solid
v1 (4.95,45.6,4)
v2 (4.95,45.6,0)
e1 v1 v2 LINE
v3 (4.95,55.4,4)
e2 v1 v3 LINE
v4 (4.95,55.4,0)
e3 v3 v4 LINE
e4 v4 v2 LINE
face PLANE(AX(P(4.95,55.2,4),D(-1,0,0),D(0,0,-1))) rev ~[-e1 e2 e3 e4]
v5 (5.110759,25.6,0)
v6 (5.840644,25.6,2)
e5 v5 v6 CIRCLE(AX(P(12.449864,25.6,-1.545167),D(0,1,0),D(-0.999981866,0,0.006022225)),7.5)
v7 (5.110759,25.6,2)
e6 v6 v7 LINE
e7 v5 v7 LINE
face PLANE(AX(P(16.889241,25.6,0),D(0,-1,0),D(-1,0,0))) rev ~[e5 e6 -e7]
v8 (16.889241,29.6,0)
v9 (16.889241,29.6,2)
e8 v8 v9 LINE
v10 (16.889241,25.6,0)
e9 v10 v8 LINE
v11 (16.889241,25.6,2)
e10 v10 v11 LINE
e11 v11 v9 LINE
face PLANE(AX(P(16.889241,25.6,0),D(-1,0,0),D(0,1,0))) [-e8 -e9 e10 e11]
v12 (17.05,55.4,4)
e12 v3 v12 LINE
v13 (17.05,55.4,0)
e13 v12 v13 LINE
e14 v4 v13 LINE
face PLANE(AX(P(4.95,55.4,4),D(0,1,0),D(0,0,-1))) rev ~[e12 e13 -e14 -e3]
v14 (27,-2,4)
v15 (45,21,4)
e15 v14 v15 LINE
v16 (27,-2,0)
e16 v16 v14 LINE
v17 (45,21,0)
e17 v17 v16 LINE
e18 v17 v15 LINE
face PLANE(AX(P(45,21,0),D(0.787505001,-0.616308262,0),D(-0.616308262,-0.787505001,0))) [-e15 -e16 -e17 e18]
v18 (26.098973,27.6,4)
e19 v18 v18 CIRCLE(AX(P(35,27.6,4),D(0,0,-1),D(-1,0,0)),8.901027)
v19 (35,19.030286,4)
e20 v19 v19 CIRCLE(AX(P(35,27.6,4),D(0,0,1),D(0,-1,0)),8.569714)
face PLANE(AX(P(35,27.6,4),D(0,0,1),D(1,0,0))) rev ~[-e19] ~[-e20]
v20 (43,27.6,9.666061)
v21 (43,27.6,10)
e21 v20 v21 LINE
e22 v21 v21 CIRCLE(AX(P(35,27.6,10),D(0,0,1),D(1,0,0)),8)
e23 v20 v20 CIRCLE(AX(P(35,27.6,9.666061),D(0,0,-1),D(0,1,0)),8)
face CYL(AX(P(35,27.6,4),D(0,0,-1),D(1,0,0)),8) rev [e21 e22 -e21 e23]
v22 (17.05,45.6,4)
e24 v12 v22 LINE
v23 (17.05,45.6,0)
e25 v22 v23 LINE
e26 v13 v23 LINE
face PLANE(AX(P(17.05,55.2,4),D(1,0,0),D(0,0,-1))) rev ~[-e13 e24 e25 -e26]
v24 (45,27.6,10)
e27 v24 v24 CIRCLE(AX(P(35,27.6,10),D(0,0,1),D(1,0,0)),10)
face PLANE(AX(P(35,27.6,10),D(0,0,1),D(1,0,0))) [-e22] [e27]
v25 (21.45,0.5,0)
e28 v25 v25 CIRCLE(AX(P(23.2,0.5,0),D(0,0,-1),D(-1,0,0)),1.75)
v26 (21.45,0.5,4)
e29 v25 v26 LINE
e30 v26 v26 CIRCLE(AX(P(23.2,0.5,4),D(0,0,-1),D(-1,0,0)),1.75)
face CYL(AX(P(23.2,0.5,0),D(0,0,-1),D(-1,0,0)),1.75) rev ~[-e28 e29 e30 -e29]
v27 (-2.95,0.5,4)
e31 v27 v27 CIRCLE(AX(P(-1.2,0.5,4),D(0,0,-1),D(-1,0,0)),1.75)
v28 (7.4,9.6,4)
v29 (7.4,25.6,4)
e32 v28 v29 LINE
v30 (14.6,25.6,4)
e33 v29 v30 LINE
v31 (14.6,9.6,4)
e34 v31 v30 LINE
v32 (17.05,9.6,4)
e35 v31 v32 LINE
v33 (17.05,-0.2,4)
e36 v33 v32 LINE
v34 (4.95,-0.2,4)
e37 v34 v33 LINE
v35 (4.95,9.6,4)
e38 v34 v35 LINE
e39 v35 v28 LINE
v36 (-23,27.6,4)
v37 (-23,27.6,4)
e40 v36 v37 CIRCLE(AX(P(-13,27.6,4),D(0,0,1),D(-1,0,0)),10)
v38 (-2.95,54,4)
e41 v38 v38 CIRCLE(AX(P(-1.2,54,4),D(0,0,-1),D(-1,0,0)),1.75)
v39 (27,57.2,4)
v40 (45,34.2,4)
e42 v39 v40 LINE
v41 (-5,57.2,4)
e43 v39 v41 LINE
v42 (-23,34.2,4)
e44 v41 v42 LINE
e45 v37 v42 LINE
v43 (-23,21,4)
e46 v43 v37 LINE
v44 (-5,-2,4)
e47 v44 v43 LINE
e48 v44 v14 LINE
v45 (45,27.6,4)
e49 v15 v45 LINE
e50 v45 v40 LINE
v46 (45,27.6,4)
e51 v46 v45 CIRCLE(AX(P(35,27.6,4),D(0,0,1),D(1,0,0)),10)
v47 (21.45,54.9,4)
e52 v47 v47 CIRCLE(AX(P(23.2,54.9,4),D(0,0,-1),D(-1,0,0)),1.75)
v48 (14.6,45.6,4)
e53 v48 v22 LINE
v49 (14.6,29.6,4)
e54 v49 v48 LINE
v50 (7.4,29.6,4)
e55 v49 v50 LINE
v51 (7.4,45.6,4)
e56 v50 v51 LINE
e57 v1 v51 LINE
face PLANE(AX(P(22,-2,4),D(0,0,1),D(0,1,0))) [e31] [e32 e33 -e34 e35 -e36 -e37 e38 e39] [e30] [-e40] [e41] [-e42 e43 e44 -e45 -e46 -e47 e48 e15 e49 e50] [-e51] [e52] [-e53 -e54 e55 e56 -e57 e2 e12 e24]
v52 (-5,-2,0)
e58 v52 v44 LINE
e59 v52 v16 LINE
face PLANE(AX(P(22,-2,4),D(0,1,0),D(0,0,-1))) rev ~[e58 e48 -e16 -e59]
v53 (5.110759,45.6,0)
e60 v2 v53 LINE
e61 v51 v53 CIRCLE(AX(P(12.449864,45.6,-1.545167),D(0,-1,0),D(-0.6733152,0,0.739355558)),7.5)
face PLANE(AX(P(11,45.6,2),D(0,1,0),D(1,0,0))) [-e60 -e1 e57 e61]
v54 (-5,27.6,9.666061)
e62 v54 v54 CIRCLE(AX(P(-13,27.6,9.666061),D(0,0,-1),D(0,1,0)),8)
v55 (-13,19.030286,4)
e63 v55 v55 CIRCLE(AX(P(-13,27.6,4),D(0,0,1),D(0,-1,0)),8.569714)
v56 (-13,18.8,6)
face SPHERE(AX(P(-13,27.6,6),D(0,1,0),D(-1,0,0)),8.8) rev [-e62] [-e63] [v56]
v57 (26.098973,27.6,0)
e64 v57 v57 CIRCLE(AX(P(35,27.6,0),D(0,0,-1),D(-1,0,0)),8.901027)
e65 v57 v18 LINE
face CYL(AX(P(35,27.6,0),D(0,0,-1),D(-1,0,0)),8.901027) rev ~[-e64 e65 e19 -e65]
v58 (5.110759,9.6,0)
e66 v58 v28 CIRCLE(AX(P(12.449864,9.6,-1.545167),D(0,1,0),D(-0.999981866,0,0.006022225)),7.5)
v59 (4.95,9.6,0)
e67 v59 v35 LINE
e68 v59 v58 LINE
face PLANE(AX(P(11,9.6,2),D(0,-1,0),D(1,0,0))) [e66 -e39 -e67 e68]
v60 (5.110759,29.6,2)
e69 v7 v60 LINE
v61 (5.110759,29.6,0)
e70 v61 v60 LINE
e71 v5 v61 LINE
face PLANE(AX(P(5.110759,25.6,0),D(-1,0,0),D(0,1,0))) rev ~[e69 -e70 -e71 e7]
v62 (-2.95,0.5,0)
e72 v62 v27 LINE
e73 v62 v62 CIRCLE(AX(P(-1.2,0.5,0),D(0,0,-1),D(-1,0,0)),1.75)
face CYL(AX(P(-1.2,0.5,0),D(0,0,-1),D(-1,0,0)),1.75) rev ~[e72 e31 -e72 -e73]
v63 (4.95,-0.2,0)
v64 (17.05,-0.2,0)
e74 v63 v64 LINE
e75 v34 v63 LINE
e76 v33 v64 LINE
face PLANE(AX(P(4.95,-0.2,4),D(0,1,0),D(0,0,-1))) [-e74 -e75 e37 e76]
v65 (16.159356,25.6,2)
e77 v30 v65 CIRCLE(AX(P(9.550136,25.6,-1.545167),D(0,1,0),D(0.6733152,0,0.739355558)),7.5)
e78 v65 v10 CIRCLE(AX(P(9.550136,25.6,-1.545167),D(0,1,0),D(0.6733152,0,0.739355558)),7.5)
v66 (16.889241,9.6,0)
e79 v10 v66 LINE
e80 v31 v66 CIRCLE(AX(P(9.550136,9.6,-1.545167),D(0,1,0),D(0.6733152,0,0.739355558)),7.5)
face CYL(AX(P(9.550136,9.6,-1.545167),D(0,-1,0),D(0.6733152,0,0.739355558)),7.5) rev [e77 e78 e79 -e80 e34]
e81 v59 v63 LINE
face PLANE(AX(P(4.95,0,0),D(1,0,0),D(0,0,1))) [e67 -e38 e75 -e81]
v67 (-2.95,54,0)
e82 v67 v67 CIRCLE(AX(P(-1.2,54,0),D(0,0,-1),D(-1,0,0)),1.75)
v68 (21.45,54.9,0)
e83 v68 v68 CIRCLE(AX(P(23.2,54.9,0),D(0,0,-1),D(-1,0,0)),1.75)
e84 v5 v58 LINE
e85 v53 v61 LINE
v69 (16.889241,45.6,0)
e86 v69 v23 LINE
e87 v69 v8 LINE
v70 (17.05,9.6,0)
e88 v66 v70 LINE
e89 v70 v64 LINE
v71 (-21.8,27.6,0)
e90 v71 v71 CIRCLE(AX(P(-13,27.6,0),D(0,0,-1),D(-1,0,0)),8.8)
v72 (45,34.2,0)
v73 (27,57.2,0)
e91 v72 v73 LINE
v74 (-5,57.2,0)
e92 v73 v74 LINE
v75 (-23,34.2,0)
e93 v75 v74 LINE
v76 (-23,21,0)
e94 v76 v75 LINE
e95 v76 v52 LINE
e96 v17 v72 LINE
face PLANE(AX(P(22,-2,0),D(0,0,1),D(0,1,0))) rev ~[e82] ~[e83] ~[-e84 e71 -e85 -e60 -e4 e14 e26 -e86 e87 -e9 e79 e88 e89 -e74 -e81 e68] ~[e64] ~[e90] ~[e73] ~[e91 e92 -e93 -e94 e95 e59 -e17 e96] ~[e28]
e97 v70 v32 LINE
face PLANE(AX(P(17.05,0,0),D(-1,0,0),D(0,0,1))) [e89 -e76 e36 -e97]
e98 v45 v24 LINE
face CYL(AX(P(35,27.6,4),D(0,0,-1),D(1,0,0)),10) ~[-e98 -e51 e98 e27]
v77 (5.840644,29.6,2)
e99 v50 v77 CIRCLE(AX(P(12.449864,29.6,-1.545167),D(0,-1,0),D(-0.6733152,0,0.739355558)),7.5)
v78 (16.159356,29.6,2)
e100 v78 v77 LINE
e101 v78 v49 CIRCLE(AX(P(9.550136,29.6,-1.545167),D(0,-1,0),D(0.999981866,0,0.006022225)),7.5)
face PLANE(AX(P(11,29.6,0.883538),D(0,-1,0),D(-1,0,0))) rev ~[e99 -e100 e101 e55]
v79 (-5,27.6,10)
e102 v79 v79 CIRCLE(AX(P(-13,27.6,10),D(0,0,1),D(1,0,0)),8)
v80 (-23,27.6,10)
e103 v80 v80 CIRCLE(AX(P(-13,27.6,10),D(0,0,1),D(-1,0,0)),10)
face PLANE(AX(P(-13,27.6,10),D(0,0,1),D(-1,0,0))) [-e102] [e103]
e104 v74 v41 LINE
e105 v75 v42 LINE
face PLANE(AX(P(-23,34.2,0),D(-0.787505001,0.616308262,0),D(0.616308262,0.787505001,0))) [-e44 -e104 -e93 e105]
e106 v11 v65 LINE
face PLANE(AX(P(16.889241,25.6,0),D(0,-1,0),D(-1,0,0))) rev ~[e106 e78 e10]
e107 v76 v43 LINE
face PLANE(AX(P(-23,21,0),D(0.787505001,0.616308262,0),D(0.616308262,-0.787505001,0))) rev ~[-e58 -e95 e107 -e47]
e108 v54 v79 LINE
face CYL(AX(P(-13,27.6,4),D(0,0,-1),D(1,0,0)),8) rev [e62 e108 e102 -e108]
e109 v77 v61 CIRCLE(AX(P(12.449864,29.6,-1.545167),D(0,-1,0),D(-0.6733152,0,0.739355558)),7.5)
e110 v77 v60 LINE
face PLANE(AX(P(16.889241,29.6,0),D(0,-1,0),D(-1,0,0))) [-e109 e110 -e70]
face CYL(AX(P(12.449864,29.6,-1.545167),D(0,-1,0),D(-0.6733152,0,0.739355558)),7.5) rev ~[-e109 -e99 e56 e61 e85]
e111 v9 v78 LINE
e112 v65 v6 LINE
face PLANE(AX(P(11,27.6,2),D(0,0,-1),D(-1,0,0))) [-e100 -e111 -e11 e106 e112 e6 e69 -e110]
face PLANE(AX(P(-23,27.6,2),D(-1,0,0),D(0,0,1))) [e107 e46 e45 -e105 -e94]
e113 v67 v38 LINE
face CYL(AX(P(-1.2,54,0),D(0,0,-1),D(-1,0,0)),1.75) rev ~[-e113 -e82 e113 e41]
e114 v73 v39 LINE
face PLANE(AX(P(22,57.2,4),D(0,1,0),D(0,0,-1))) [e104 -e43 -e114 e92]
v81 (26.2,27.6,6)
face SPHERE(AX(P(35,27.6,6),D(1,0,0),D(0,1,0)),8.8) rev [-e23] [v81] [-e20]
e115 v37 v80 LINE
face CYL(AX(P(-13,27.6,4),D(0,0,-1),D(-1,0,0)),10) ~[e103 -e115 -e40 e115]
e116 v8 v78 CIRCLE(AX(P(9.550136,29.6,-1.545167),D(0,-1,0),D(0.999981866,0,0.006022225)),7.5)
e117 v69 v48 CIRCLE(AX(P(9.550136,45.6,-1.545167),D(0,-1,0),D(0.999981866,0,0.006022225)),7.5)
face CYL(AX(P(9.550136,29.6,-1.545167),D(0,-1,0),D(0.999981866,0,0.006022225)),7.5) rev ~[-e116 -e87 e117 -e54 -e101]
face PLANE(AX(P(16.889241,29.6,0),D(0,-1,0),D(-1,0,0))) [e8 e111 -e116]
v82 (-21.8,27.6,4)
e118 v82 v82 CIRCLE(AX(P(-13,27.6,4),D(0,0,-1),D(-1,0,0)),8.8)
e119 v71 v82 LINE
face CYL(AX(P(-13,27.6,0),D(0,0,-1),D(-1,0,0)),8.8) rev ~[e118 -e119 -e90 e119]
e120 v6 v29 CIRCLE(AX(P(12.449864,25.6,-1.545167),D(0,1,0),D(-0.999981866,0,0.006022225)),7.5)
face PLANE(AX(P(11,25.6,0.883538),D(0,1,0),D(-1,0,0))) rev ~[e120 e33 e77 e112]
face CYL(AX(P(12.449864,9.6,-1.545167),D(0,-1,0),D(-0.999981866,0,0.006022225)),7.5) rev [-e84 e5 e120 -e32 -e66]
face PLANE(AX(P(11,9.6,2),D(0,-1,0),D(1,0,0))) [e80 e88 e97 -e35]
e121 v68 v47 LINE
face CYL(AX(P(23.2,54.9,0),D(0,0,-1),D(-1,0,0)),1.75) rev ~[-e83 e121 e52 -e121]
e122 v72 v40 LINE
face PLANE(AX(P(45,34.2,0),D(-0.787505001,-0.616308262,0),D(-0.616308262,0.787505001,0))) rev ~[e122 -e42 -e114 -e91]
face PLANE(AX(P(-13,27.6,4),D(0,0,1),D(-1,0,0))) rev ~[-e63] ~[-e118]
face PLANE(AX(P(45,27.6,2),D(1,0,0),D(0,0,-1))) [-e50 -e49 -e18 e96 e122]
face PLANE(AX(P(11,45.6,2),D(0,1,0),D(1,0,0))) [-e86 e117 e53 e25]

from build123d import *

# Parameters (mm, degrees)
CROQUIS1_W               = 22
CROQUIS1_H               = 55.2
SALIENTE_EXTRUIR1_DEPTH  = 4
CROQUIS2_W               = 12.1
CROQUIS2_H               = 4
CORTAR_EXTRUIR1_DEPTH    = 9.6
CROQUIS3_W               = 12.1
CROQUIS3_H               = 4
CORTAR_EXTRUIR2_DEPTH    = 9.6
CORTAR_EXTRUIR3_DEPTH    = 16
CORTAR_EXTRUIR4_START    = -16
CORTAR_EXTRUIR4_DEPTH    = 16
CROQUIS9_W               = 11.778481694
CROQUIS9_H               = 4
CORTAR_EXTRUIR5_DEPTH    = 2
CROQUIS11_W              = 4.95
CROQUIS11_H              = 4
SALIENTE_EXTRUIR3_DEPTH  = 2
CROQUIS12_W              = 4
CROQUIS12_H              = 1.8
SALIENTE_EXTRUIR4_DEPTH  = 12.1
CROQUIS13_W              = 4.95
CROQUIS13_H              = 4
SALIENTE_EXTRUIR5_DEPTH  = 2
CROQUIS14_W              = 4
CROQUIS14_H              = 1.8
SALIENTE_EXTRUIR6_DEPTH  = 12.1
CROQUIS17_W              = 4
CROQUIS17_H              = 59.2
SALIENTE_EXTRUIR8_DEPTH  = 23
CROQUIS18_W              = 4
CROQUIS18_H              = 59.2
SALIENTE_EXTRUIR9_DEPTH  = 23
CROQUIS19_R              = 1.75
CORTAR_EXTRUIR6_DEPTH    = 11.5
CROQUIS20_R              = 8.8
CROQUIS20_R_2            = 8.901027098
CORTAR_EXTRUIR7_DEPTH    = 4
CORTAR_EXTRUIR8_DEPTH    = 10
CROQUIS22_R              = 10
CROQUIS22_R_2            = 8
SALIENTE_EXTRUIR10_DEPTH = 6


with BuildPart() as part:
    # Croquis1 → Saliente-Extruir1 (new body)
    with BuildSketch(Plane.XY):
        with Locations((11, 27.6)):
            Rectangle(CROQUIS1_W, CROQUIS1_H)
    extrude(amount=SALIENTE_EXTRUIR1_DEPTH)

    # Croquis2 → Cortar-Extruir1 (cut)
    with BuildSketch(Plane(origin=(0, 55.2, 0), x_dir=(1, 0, 0), z_dir=(0, 1, 0))):
        with Locations((11, -2)):
            Rectangle(CROQUIS2_W, CROQUIS2_H)
    extrude(amount=-CORTAR_EXTRUIR1_DEPTH, mode=Mode.SUBTRACT)

    # Croquis3 → Cortar-Extruir2 (cut)
    with BuildSketch(Plane.XZ):
        with Locations((11, 2)):
            Rectangle(CROQUIS3_W, CROQUIS3_H)
    extrude(amount=-CORTAR_EXTRUIR2_DEPTH, mode=Mode.SUBTRACT)

    # Croquis5 → Cortar-Extruir3 (cut)
    with BuildSketch(Plane.XZ.offset(-9.6)):
        with BuildLine():
            Line((7.4, 4), (14.6, 4))
            ThreePointArc((14.6, 4), (16.401151853, 1.506649462), (17.05, -1.5))
            Line((17.05, -1.5), (4.95, -1.5))
            ThreePointArc((4.95, -1.5), (5.598848147, 1.506649462), (7.4, 4))
        make_face()
    extrude(amount=-CORTAR_EXTRUIR3_DEPTH, mode=Mode.SUBTRACT)

    # Croquis7 → Cortar-Extruir4 (cut)
    with BuildSketch(Plane(origin=(0, 45.6, 0), x_dir=(1, 0, 0), z_dir=(0, 1, 0)).offset(CORTAR_EXTRUIR4_START)):
        with BuildLine():
            Line((4.95, 1.5), (17.05, 1.5))
            ThreePointArc((17.05, 1.5), (16.401151853, -1.506649462), (14.6, -4))
            Line((14.6, -4), (7.4, -4))
            ThreePointArc((7.4, -4), (5.598848147, -1.506649462), (4.95, 1.5))
        make_face()
    extrude(amount=CORTAR_EXTRUIR4_DEPTH, mode=Mode.SUBTRACT)

    # Croquis9 → Cortar-Extruir5 (cut)
    with BuildSketch(Plane(origin=(0, 0, 0), x_dir=(-1, 0, 0), z_dir=(0, 0, -1))):
        with Locations((-11, 27.6)):
            Rectangle(CROQUIS9_W, CROQUIS9_H)
    extrude(amount=-CORTAR_EXTRUIR5_DEPTH, mode=Mode.SUBTRACT)

    # Croquis11 → Saliente-Extruir3 (add)
    with BuildSketch(Plane(origin=(0, 55.2, 0), x_dir=(1, 0, 0), z_dir=(0, 1, 0))):
        with Locations((2.475, -2)):
            Rectangle(CROQUIS11_W, CROQUIS11_H)
        with Locations((19.525, -2)):
            Rectangle(CROQUIS11_W, CROQUIS11_H)
    extrude(amount=SALIENTE_EXTRUIR3_DEPTH)

    # Croquis12 → Saliente-Extruir4 (add)
    with BuildSketch(Plane(origin=(4.95, 0, 0), x_dir=(0, 0, -1), z_dir=(1, 0, 0))):
        with Locations((-2, 56.3)):
            Rectangle(CROQUIS12_W, CROQUIS12_H)
    extrude(amount=SALIENTE_EXTRUIR4_DEPTH)

    # Croquis13 → Saliente-Extruir5 (add)
    with BuildSketch(Plane.XZ):
        with Locations((19.525, 2)):
            Rectangle(CROQUIS13_W, CROQUIS13_H)
        with Locations((2.475, 2)):
            Rectangle(CROQUIS13_W, CROQUIS13_H)
    extrude(amount=SALIENTE_EXTRUIR5_DEPTH)

    # Croquis14 → Saliente-Extruir6 (add)
    with BuildSketch(Plane(origin=(4.95, 0, 0), x_dir=(0, 0, -1), z_dir=(1, 0, 0))):
        with Locations((-2, -1.1)):
            Rectangle(CROQUIS14_W, CROQUIS14_H)
    extrude(amount=SALIENTE_EXTRUIR6_DEPTH)

    # Croquis17 → Saliente-Extruir8 (add)
    with BuildSketch(Plane.ZY):
        with Locations((2, 27.6)):
            Rectangle(CROQUIS17_W, CROQUIS17_H)
    extrude(amount=SALIENTE_EXTRUIR8_DEPTH)

    # Croquis18 → Saliente-Extruir9 (add)
    with BuildSketch(Plane(origin=(22, 0, 0), x_dir=(0, 0, -1), z_dir=(1, 0, 0))):
        with Locations((-2, 27.6)):
            Rectangle(CROQUIS18_W, CROQUIS18_H)
    extrude(amount=SALIENTE_EXTRUIR9_DEPTH)

    # Croquis19 → Cortar-Extruir6 (cut)
    with BuildSketch(Plane(origin=(0, 0, 0), x_dir=(-1, 0, 0), z_dir=(0, 0, -1))):
        with Locations((-23.2, 54.9)):
            Circle(CROQUIS19_R)
        with Locations((1.2, 54)):
            Circle(CROQUIS19_R)
        with Locations((1.2, 0.5)):
            Circle(CROQUIS19_R)
        with Locations((-23.2, 0.5)):
            Circle(CROQUIS19_R)
    extrude(amount=-CORTAR_EXTRUIR6_DEPTH, mode=Mode.SUBTRACT)

    # Croquis20 → Cortar-Extruir7 (cut)
    with BuildSketch(Plane(origin=(0, 0, 0), x_dir=(-1, 0, 0), z_dir=(0, 0, -1))):
        with Locations((13, 27.6)):
            Circle(CROQUIS20_R)
        with Locations((-35, 27.6)):
            Circle(CROQUIS20_R_2)
    extrude(amount=-CORTAR_EXTRUIR7_DEPTH, mode=Mode.SUBTRACT)

    # Croquis21 → Cortar-Extruir8 (cut)
    with BuildSketch(Plane(origin=(0, 0, 0), x_dir=(-1, 0, 0), z_dir=(0, 0, -1))):
        Polygon((-45, 57.2), (-45, 34.2), (-27, 57.2), align=None)
        Polygon((-45, -2), (-45, 21), (-27, -2), align=None)
        Polygon((23, 57.2), (23, 34.2), (5, 57.2), align=None)
        Polygon((23, -2), (23, 21), (5, -2), align=None)
    extrude(amount=-CORTAR_EXTRUIR8_DEPTH, mode=Mode.SUBTRACT)

    # Croquis22 → Saliente-Extruir10 (add)
    # profile 1 of 2: a face of its own
    with BuildSketch(Plane.XY.offset(4)):
        with Locations((35, 27.6)):
            Circle(CROQUIS22_R)
        with Locations((35, 27.6)):
            Circle(CROQUIS22_R_2, mode=Mode.SUBTRACT)
    # profile 2 of 2: a face of its own
    with BuildSketch(Plane.XY.offset(4)):
        with Locations(Location((-13, 27.6, 0), (0, 0, 180))):
            Circle(CROQUIS22_R)
        with Locations((-13, 27.6)):
            Circle(CROQUIS22_R_2, mode=Mode.SUBTRACT)
    extrude(amount=SALIENTE_EXTRUIR10_DEPTH)

    # Croquis23 → Cortar-Revolución1 (revolve, cut)
    with BuildSketch(Plane.XY.offset(6)):
        with BuildLine():
            Line((43.8, 27.6), (26.2, 27.6))
            ThreePointArc((26.2, 27.6), (35, 36.4), (43.8, 27.6))
        make_face()
    revolve(axis=Axis((43.8, 27.6, 6), (-1, 0, 0)), mode=Mode.SUBTRACT)

    # Croquis24 → Cortar-Revolución2 (revolve, cut)
    with BuildSketch(Plane.XY.offset(6)):
        with BuildLine():
            Line((-13, 36.4), (-13, 18.8))
            ThreePointArc((-13, 18.8), (-21.8, 27.6), (-13, 36.4))
        make_face()
    revolve(axis=Axis((-13, 36.4, 6), (0, -1, 0)), mode=Mode.SUBTRACT)


solid = part.part
